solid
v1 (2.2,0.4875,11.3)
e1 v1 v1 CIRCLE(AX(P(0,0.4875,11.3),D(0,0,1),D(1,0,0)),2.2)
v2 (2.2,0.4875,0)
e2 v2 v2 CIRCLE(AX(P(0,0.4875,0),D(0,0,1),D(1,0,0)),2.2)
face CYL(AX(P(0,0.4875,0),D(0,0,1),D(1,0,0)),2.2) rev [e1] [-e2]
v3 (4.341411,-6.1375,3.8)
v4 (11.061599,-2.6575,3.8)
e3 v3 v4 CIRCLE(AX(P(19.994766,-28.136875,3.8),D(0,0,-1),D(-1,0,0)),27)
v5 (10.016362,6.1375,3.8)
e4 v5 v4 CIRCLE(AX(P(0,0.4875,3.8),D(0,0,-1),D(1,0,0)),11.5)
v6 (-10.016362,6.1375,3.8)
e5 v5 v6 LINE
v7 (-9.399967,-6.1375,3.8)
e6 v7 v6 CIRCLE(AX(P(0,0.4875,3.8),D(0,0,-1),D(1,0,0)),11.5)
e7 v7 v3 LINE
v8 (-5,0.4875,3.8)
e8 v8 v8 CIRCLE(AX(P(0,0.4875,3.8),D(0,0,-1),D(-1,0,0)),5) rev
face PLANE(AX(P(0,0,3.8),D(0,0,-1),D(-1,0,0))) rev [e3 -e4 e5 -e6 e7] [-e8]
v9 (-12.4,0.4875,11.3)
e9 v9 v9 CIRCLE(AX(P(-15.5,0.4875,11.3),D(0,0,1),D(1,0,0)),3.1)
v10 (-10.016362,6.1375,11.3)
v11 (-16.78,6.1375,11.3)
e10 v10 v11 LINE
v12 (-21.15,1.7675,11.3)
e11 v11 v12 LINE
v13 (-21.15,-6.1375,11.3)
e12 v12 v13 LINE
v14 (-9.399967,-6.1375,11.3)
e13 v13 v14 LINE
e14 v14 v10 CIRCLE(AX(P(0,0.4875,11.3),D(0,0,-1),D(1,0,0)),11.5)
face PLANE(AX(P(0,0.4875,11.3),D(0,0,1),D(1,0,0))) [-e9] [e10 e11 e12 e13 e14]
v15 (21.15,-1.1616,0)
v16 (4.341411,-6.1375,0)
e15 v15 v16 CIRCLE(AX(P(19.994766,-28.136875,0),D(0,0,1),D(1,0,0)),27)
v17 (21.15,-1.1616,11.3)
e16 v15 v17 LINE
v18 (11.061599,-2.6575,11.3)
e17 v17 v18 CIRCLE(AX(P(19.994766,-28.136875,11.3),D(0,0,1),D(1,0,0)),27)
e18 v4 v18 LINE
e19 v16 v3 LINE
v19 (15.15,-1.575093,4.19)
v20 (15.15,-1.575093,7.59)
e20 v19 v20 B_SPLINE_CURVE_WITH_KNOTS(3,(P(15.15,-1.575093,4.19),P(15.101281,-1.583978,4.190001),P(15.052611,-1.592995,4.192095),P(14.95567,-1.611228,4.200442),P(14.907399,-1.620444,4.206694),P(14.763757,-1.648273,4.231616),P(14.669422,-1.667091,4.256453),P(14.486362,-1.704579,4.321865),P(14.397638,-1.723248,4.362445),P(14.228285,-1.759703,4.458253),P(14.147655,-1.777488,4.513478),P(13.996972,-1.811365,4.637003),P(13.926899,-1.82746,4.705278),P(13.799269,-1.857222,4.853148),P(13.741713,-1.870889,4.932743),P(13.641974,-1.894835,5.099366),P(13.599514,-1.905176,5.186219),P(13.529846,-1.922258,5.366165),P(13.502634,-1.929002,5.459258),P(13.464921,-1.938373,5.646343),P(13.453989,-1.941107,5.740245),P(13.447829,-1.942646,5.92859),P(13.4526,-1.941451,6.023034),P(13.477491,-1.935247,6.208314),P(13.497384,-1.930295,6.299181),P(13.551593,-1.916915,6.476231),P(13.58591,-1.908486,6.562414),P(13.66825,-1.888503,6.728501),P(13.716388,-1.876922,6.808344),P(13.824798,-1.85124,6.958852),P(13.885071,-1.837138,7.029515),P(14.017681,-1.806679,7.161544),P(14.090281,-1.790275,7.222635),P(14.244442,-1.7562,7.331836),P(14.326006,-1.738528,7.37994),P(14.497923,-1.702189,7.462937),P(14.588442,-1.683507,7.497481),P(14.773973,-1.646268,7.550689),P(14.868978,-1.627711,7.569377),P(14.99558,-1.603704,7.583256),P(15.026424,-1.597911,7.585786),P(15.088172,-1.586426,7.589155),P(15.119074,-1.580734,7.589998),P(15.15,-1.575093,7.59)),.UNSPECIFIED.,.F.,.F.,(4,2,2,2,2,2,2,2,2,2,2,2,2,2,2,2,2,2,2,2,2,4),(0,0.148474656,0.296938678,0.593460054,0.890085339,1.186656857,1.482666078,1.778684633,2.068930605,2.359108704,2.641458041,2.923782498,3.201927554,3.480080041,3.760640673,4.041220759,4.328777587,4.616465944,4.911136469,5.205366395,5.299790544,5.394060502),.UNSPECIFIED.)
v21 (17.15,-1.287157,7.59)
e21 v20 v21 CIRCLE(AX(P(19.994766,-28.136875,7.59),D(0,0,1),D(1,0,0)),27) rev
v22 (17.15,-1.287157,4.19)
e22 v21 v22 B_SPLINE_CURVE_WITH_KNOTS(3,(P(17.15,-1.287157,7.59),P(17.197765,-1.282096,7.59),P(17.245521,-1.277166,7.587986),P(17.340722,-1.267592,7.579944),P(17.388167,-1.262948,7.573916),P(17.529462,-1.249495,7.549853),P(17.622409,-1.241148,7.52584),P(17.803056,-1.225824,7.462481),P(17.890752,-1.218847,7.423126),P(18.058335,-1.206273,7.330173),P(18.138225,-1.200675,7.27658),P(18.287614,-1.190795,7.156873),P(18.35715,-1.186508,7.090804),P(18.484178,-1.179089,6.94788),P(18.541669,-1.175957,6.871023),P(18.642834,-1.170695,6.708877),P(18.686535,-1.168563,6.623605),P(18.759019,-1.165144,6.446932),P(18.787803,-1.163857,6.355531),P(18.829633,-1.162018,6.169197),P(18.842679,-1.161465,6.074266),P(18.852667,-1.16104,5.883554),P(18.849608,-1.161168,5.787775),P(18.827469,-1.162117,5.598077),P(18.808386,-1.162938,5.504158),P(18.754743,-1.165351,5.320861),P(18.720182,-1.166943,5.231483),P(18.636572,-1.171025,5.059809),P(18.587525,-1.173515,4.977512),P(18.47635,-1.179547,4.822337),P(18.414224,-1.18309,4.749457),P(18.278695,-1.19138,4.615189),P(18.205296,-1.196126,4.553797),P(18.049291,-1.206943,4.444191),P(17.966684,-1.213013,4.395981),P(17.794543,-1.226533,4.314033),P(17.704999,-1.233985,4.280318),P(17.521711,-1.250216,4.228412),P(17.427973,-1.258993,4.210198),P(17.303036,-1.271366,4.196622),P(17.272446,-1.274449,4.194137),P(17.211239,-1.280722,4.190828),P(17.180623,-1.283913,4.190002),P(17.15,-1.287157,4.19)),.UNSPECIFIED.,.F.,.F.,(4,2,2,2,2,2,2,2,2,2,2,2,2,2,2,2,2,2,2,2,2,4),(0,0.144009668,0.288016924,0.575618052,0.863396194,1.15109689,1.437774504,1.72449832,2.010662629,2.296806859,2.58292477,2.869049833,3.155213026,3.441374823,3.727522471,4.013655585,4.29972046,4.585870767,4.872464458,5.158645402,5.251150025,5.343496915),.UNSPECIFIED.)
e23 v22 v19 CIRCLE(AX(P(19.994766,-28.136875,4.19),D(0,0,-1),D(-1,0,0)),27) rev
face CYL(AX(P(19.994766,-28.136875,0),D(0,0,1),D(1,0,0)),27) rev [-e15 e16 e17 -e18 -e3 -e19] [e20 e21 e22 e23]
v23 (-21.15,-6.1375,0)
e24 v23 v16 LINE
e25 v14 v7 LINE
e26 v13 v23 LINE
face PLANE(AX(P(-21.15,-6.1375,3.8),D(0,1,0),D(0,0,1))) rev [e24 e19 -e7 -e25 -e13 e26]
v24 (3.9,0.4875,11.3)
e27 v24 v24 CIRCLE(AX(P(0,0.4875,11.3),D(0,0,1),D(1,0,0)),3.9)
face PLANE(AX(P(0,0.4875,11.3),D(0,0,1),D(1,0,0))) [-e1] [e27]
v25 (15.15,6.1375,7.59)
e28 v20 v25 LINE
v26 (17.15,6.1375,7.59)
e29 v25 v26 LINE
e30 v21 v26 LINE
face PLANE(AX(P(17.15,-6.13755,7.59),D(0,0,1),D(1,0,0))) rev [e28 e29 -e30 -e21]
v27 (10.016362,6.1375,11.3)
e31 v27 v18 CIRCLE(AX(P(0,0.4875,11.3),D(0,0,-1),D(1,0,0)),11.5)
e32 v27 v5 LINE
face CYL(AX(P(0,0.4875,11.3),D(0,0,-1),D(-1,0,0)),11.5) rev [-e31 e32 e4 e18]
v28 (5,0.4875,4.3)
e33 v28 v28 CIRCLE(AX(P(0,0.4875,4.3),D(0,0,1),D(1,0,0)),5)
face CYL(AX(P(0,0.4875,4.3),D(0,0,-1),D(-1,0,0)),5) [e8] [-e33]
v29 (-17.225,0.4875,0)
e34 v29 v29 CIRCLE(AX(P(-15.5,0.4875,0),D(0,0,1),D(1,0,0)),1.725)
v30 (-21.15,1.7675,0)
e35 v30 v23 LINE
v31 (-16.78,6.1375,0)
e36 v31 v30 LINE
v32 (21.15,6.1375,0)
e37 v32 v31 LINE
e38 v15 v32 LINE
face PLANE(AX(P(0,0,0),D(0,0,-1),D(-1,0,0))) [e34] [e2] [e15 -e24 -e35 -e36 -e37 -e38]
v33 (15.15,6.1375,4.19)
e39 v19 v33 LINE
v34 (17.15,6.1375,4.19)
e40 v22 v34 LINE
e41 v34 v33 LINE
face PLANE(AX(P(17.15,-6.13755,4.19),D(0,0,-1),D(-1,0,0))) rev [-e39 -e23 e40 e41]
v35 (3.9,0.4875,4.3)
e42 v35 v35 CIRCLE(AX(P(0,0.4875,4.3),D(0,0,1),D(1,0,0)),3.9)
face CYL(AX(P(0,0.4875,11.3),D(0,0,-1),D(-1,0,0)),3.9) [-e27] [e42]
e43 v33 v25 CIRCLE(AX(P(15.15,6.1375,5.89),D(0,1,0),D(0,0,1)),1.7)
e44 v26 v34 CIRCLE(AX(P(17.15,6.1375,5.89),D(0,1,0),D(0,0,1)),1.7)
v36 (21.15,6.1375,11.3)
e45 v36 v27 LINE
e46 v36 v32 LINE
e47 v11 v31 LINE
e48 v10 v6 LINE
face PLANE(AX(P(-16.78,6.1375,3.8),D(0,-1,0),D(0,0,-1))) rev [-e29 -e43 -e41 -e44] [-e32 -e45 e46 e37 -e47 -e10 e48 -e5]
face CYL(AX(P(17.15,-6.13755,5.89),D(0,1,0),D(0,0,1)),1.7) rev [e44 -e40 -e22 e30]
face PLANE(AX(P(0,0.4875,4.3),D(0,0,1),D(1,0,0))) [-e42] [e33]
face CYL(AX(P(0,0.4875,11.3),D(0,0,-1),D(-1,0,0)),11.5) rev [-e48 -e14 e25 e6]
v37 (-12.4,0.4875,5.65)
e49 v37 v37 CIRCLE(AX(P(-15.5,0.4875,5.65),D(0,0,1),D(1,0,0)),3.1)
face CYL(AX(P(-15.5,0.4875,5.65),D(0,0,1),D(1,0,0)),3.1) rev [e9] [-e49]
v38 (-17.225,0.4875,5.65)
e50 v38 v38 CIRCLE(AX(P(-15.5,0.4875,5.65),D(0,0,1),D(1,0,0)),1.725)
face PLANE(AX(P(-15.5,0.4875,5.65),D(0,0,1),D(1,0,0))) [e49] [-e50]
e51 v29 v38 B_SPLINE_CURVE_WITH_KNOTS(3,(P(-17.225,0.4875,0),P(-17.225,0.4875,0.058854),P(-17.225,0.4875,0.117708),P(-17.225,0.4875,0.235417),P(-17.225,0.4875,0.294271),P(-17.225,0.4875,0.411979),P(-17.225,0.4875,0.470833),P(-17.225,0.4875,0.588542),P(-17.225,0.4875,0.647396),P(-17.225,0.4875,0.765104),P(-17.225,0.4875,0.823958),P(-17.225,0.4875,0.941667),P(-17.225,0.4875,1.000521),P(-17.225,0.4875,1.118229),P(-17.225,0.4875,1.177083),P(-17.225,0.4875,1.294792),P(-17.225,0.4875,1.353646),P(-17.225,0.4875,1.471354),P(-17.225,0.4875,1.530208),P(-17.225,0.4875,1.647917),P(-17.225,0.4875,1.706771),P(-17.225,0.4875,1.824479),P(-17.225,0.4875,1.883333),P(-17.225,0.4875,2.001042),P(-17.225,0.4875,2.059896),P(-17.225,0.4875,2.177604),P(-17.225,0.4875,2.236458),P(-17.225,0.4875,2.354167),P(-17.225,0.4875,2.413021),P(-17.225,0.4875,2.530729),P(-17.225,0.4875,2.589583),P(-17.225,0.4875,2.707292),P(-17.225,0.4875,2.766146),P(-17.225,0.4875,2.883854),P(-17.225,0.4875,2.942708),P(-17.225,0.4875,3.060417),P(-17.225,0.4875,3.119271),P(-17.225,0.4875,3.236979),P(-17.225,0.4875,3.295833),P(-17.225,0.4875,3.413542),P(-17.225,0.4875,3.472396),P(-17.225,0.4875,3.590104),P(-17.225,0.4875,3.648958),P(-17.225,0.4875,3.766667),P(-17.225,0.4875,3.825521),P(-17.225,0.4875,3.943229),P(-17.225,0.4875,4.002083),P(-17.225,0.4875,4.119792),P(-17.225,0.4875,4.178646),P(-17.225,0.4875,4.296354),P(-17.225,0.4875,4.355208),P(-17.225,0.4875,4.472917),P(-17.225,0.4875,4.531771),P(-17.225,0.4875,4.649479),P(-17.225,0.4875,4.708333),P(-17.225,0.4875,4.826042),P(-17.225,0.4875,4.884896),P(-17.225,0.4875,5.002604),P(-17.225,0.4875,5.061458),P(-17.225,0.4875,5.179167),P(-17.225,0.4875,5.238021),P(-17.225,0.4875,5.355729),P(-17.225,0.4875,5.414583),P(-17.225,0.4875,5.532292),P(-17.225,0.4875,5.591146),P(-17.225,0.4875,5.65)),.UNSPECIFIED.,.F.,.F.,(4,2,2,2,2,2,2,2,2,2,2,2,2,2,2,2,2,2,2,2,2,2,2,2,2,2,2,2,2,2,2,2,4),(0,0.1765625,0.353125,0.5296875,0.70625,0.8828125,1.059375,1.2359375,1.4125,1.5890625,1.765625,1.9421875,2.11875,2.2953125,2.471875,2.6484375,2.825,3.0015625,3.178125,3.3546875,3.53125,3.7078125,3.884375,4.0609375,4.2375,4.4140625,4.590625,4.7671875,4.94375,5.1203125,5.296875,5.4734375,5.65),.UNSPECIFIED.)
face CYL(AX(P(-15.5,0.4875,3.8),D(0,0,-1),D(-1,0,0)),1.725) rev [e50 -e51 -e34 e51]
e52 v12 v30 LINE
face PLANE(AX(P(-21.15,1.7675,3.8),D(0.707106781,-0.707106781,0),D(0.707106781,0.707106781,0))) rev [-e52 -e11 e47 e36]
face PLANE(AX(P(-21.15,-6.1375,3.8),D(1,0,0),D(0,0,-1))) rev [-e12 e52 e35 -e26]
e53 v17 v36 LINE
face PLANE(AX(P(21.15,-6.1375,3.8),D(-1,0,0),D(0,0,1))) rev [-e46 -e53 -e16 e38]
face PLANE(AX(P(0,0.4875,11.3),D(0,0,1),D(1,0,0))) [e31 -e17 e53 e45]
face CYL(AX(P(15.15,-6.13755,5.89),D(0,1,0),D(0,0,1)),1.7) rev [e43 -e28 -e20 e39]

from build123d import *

# Parameters (mm, degrees)
SCHIZZO1_R                   = 1.725
ESTRUSIONE_ESTRUSIONE1_DEPTH = 3.8
SCHIZZO2_R                   = 1.725
ESTRUSIONE_ESTRUSIONE2_DEPTH = 7.5
SCHIZZO4_R                   = 3.1
TAGLIO_ESTRUSIONE1_DEPTH     = 5.65
SCHIZZO5_R                   = 5
ESTRUSIONE_ESTRUSIONE3_DEPTH = 0.5
SCHIZZO6_R                   = 3.9
ESTRUSIONE_ESTRUSIONE4_DEPTH = 7
SCHIZZO7_R                   = 2.2
TAGLIO_ESTRUSIONE2_DEPTH     = 25.75240203
TAGLIO_ESTRUSIONE3_DEPTH     = 25.75240203
TAGLIO_ESTRUSIONE4_DEPTH     = 27.938599166


with BuildPart() as part:
    # Schizzo1 → Estrusione-Estrusione1 (new body)
    with BuildSketch(Plane.XY):
        Polygon((-21.15, 1.7675), (-16.78, 6.1375), (21.15, 6.1375), (21.15, -6.1375), (-21.15, -6.1375), align=None)
        with Locations(Location((-15.5, 0.4875, 0), (0, 0, 180))):
            Circle(SCHIZZO1_R, mode=Mode.SUBTRACT)
    extrude(amount=ESTRUSIONE_ESTRUSIONE1_DEPTH)

    # Schizzo2 → Estrusione-Estrusione2 (add)
    # profile 1 of 2: a face of its own
    with BuildSketch(Plane.XY.offset(3.8)):
        with BuildLine():
            Line((-10.016361615, 6.1375), (-16.78, 6.1375))
            Line((-16.78, 6.1375), (-21.15, 1.7675))
            Line((-21.15, 1.7675), (-21.15, -6.1375))
            Line((-21.15, -6.1375), (-9.399966755, -6.1375))
            ThreePointArc((-9.399966755, -6.1375), (-11.485528203, -0.089251164), (-10.016361615, 6.1375))
        make_face()
        with Locations(Location((-15.5, 0.4875, 0), (0, 0, 180))):
            Circle(SCHIZZO2_R, mode=Mode.SUBTRACT)
    # profile 2 of 2: a face of its own
    with BuildSketch(Plane.XY.offset(3.8)):
        with BuildLine():
            Line((9.399966755, -6.1375), (21.15, -6.1375))
            Line((21.15, -6.1375), (21.15, 6.1375))
            Line((21.15, 6.1375), (10.016361615, 6.1375))
            ThreePointArc((10.016361615, 6.1375), (11.485528203, -0.089251164), (9.399966755, -6.1375))
        make_face()
    extrude(amount=ESTRUSIONE_ESTRUSIONE2_DEPTH)

    # Schizzo4 → Taglio-Estrusione1 (cut)
    with BuildSketch(Plane.XY.offset(11.3)):
        with Locations((-15.5, 0.4875)):
            Circle(SCHIZZO4_R)
    extrude(amount=-TAGLIO_ESTRUSIONE1_DEPTH, mode=Mode.SUBTRACT)

    # Schizzo5 → Estrusione-Estrusione3 (add)
    with BuildSketch(Plane.XY.offset(3.8)):
        with Locations(Location((0, 0.4875, 0), (0, 0, 180))):
            Circle(SCHIZZO5_R)
    extrude(amount=ESTRUSIONE_ESTRUSIONE3_DEPTH)

    # Schizzo6 → Estrusione-Estrusione4 (add)
    with BuildSketch(Plane.XY.offset(4.3)):
        with Locations((0, 0.4875)):
            Circle(SCHIZZO6_R)
    extrude(amount=ESTRUSIONE_ESTRUSIONE4_DEPTH)

    # Schizzo7 → Taglio-Estrusione2 (cut, through all)
    with BuildSketch(Plane.XY.offset(11.3)):
        with Locations((0, 0.4875)):
            Circle(SCHIZZO7_R)
    extrude(amount=-TAGLIO_ESTRUSIONE2_DEPTH, mode=Mode.SUBTRACT)

    # Schizzo8 → Taglio-Estrusione3 (cut, through all)
    with BuildSketch(Plane.XY.offset(11.3)):
        with BuildLine():
            Line((21.15, -6.1375), (21.15, -1.1616))
            ThreePointArc((21.15, -1.1616), (12.330643665, -2.247470782), (4.341411274, -6.1375))
            Line((4.341411274, -6.1375), (21.15, -6.1375))
        make_face()
    extrude(amount=-TAGLIO_ESTRUSIONE3_DEPTH, mode=Mode.SUBTRACT)

    # Schizzo9 → Taglio-Estrusione4 (cut, through all)
    with BuildSketch(Plane(origin=(0, 6.1375, 0), x_dir=(1, 0, 0), z_dir=(0, 1, 0))):
        with BuildLine():
            Line((17.15, -7.59), (15.15, -7.59))
            ThreePointArc((15.15, -7.59), (13.45, -5.89), (15.15, -4.19))
            Line((15.15, -4.19), (17.15, -4.19))
            ThreePointArc((17.15, -4.19), (18.85, -5.89), (17.15, -7.59))
        make_face()
    extrude(amount=-TAGLIO_ESTRUSIONE4_DEPTH, mode=Mode.SUBTRACT)


solid = part.part
